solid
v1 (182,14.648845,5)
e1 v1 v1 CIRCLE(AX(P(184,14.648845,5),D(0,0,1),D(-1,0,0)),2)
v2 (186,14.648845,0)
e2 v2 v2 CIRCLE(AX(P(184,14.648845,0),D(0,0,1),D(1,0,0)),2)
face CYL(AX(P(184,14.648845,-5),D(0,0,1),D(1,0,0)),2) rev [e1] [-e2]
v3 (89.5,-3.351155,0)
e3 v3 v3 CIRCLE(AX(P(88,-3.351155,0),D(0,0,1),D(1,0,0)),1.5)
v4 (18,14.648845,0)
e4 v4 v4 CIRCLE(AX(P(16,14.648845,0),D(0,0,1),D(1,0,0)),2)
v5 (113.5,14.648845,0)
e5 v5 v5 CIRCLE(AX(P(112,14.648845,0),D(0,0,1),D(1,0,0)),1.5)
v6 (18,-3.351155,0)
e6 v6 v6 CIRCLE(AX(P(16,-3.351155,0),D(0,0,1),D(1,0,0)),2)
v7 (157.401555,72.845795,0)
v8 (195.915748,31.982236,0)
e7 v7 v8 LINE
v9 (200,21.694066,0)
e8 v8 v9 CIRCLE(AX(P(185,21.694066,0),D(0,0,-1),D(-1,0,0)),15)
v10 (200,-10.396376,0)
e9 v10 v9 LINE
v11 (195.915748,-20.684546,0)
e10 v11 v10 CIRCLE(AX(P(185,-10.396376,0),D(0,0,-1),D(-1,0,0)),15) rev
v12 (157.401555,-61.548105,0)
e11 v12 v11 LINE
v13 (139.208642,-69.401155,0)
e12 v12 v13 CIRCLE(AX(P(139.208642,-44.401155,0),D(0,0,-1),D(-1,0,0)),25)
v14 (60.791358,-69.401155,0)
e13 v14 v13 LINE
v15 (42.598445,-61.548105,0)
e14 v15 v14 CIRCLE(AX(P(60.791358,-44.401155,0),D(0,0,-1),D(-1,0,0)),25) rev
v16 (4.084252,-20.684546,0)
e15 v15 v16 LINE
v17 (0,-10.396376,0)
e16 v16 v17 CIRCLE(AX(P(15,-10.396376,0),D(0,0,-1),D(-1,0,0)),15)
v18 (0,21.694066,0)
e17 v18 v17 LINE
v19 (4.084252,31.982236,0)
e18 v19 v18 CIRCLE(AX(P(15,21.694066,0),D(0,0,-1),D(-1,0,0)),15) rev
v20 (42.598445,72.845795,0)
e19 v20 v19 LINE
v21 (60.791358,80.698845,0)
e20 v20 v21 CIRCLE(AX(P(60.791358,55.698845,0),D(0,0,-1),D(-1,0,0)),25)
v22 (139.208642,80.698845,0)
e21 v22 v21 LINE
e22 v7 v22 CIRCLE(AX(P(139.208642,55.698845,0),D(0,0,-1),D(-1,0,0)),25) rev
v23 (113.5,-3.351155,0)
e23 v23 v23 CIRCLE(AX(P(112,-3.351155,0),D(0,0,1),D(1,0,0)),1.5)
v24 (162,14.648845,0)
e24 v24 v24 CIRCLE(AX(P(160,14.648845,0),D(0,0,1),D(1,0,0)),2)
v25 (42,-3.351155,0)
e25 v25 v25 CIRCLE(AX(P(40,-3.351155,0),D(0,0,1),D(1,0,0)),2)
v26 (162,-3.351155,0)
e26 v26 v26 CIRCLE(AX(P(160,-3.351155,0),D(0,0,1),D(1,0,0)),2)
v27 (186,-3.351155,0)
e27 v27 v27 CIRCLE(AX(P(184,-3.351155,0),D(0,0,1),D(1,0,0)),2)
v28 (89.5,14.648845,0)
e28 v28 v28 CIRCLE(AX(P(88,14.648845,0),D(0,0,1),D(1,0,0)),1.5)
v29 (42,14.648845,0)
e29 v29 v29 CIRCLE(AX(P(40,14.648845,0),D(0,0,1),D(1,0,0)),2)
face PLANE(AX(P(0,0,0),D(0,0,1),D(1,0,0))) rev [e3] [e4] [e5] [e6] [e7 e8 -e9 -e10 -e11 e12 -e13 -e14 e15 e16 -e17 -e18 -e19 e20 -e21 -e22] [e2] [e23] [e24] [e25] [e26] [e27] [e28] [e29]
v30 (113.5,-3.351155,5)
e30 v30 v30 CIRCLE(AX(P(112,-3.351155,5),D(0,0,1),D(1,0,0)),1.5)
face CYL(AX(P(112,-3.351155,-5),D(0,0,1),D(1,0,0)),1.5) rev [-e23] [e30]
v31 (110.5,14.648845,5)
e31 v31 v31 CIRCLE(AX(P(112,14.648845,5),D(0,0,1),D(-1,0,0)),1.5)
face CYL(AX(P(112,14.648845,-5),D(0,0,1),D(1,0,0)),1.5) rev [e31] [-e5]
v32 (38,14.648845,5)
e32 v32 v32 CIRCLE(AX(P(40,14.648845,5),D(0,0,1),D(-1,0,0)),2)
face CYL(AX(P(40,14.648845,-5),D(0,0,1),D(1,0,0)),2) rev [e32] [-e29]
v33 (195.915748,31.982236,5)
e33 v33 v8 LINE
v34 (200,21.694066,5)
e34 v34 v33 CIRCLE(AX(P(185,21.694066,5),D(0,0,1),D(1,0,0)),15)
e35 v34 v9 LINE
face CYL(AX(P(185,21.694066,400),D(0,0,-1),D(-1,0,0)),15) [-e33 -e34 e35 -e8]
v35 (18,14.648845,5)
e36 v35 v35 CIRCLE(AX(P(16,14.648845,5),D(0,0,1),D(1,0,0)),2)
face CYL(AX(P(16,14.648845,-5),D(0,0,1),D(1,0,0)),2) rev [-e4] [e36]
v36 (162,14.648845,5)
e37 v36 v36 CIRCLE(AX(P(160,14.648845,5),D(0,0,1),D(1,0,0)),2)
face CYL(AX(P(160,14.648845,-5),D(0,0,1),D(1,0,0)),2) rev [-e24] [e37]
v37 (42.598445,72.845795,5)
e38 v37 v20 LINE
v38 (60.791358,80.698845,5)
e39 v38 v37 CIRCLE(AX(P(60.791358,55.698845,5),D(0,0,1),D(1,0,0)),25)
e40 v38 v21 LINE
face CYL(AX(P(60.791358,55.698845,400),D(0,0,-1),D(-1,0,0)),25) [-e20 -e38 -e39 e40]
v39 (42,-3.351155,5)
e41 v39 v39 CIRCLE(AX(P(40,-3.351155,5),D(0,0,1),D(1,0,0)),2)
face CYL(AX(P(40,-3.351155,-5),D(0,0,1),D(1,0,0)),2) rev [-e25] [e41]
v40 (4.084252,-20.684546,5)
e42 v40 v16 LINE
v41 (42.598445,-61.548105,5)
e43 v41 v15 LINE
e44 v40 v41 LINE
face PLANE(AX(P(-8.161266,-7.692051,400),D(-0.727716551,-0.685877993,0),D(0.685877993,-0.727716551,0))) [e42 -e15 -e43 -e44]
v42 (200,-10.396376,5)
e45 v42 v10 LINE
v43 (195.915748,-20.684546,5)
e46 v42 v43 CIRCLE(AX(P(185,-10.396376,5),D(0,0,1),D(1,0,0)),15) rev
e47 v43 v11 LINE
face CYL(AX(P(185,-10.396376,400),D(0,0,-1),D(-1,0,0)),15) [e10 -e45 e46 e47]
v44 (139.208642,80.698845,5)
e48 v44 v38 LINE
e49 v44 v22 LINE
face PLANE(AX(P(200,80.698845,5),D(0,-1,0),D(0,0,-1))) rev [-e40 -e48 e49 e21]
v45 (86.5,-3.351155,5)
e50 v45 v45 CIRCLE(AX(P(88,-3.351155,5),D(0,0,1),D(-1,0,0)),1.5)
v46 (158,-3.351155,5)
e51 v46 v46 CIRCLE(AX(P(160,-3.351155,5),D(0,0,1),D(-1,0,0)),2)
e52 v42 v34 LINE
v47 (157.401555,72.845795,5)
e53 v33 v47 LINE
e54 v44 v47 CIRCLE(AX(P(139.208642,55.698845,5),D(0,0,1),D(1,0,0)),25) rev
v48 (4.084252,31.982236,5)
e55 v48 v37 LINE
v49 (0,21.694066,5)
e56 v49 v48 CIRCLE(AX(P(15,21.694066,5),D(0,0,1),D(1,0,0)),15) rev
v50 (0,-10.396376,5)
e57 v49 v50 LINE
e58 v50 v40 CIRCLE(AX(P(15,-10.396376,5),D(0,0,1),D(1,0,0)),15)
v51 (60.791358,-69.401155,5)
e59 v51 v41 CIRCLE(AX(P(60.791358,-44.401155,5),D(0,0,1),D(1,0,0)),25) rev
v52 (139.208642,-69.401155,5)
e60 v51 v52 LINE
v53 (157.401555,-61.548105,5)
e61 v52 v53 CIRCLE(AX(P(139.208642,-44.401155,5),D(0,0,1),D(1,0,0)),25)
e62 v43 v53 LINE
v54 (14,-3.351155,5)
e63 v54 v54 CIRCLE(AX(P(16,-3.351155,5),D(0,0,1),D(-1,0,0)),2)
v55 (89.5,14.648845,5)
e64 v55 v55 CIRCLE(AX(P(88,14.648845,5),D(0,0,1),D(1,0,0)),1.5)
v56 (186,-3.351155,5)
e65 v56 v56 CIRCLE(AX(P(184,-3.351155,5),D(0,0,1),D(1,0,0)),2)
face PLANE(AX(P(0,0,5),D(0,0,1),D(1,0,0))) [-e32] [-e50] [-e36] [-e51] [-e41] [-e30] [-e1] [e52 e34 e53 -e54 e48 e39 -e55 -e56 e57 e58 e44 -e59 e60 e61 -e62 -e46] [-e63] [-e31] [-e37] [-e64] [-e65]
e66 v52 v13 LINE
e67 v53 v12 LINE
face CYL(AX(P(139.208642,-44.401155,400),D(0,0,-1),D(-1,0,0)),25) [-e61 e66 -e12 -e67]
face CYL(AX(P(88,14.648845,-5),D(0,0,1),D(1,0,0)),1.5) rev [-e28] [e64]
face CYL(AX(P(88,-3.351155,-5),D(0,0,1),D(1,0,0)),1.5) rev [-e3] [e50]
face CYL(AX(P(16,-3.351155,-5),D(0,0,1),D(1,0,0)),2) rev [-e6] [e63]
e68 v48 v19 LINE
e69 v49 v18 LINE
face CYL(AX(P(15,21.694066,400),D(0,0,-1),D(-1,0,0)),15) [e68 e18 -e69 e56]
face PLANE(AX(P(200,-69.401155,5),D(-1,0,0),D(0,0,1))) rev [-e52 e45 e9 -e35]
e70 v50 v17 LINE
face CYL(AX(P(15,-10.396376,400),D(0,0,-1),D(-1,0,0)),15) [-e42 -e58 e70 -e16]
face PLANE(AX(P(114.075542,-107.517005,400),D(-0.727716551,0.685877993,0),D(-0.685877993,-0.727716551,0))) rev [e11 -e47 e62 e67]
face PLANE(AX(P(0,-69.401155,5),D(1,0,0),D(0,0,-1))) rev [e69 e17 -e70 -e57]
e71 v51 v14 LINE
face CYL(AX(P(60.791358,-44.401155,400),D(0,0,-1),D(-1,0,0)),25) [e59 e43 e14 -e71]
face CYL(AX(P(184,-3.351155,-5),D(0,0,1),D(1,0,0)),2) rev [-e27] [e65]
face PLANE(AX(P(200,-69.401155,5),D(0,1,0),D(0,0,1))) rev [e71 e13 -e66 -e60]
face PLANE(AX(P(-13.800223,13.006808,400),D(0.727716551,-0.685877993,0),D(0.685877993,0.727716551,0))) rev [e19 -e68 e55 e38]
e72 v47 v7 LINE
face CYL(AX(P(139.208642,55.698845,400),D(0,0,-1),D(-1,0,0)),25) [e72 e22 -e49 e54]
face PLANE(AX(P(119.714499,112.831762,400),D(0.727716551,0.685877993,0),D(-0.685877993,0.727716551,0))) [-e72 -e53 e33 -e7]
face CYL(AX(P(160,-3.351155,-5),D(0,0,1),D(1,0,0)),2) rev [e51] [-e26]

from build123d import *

# Parameters (mm, degrees)
CROQUIS1_W              = 200
CROQUIS1_H              = 150.1
SALIENTE_EXTRUIR1_DEPTH = 5
CROQUIS2_R              = 1.5
CROQUIS2_R_2            = 2
CORTAR_EXTRUIR1_DEPTH   = 10
CORTAR_EXTRUIR2_DEPTH   = 400


with BuildPart() as part:
    # Croquis1 → Saliente-Extruir1 (new body)
    with BuildSketch(Plane.XY):
        with Locations((100, 5.648844896)):
            Rectangle(CROQUIS1_W, CROQUIS1_H)
    extrude(amount=SALIENTE_EXTRUIR1_DEPTH)

    # Croquis2 → Cortar-Extruir1 (cut)
    with BuildSketch(Plane.XY.offset(5)):
        with Locations((88, 14.648844896)):
            Circle(CROQUIS2_R)
        with Locations((112, 14.648844896)):
            Circle(CROQUIS2_R)
        with Locations((88, -3.351155104)):
            Circle(CROQUIS2_R)
        with Locations((112, -3.351155104)):
            Circle(CROQUIS2_R)
        with Locations((16, 14.648844896)):
            Circle(CROQUIS2_R_2)
        with Locations((40, 14.648844896)):
            Circle(CROQUIS2_R_2)
        with Locations((40, -3.351155104)):
            Circle(CROQUIS2_R_2)
        with Locations((16, -3.351155104)):
            Circle(CROQUIS2_R_2)
        with Locations((184, -3.351155104)):
            Circle(CROQUIS2_R_2)
        with Locations((160, -3.351155104)):
            Circle(CROQUIS2_R_2)
        with Locations((160, 14.648844896)):
            Circle(CROQUIS2_R_2)
        with Locations((184, 14.648844896)):
            Circle(CROQUIS2_R_2)
    extrude(amount=-CORTAR_EXTRUIR1_DEPTH, mode=Mode.SUBTRACT)

    # Croquis3 → Cortar-Extruir2 (cut)
    with BuildSketch(Plane(origin=(0, 0, 0), x_dir=(-1, 0, 0), z_dir=(0, 0, -1))):
        with BuildLine():
            Line((-195.915748263, 31.98223599), (-157.401555296, 72.845794728))
            ThreePointArc((-157.401555296, 72.845794728), (-149.116372199, 78.651772224), (-139.208641525, 80.698844896))
            Line((-139.208641525, 80.698844896), (-200, 80.698844896))
            Line((-200, 80.698844896), (-200, 21.694066091))
            ThreePointArc((-200, 21.694066091), (-198.941596464, 27.2286743), (-195.915748263, 31.98223599))
        make_face()
        with BuildLine():
            Line((0, 80.698844896), (-60.791358475, 80.698844896))
            ThreePointArc((-60.791358475, 80.698844896), (-50.883627801, 78.651772224), (-42.598444704, 72.845794728))
            Line((-42.598444704, 72.845794728), (-4.084251737, 31.98223599))
            ThreePointArc((-4.084251737, 31.98223599), (-1.058403536, 27.2286743), (0, 21.694066091))
            Line((0, 21.694066091), (0, 80.698844896))
        make_face()
        with BuildLine():
            Line((0, -69.401155104), (0, -10.396376298))
            ThreePointArc((0, -10.396376298), (-1.058403536, -15.930984508), (-4.084251737, -20.684546197))
            Line((-4.084251737, -20.684546197), (-42.598444704, -61.548104935))
            ThreePointArc((-42.598444704, -61.548104935), (-50.883627801, -67.354082431), (-60.791358475, -69.401155104))
            Line((-60.791358475, -69.401155104), (0, -69.401155104))
        make_face()
        with BuildLine():
            ThreePointArc((-195.915748263, -20.684546197), (-198.941596464, -15.930984508), (-200, -10.396376298))
            Line((-200, -10.396376298), (-200, -69.401155104))
            Line((-200, -69.401155104), (-139.208641525, -69.401155104))
            ThreePointArc((-139.208641525, -69.401155104), (-149.116372199, -67.354082431), (-157.401555296, -61.548104935))
            Line((-157.401555296, -61.548104935), (-195.915748263, -20.684546197))
        make_face()
    extrude(amount=-CORTAR_EXTRUIR2_DEPTH, mode=Mode.SUBTRACT)


solid = part.part
